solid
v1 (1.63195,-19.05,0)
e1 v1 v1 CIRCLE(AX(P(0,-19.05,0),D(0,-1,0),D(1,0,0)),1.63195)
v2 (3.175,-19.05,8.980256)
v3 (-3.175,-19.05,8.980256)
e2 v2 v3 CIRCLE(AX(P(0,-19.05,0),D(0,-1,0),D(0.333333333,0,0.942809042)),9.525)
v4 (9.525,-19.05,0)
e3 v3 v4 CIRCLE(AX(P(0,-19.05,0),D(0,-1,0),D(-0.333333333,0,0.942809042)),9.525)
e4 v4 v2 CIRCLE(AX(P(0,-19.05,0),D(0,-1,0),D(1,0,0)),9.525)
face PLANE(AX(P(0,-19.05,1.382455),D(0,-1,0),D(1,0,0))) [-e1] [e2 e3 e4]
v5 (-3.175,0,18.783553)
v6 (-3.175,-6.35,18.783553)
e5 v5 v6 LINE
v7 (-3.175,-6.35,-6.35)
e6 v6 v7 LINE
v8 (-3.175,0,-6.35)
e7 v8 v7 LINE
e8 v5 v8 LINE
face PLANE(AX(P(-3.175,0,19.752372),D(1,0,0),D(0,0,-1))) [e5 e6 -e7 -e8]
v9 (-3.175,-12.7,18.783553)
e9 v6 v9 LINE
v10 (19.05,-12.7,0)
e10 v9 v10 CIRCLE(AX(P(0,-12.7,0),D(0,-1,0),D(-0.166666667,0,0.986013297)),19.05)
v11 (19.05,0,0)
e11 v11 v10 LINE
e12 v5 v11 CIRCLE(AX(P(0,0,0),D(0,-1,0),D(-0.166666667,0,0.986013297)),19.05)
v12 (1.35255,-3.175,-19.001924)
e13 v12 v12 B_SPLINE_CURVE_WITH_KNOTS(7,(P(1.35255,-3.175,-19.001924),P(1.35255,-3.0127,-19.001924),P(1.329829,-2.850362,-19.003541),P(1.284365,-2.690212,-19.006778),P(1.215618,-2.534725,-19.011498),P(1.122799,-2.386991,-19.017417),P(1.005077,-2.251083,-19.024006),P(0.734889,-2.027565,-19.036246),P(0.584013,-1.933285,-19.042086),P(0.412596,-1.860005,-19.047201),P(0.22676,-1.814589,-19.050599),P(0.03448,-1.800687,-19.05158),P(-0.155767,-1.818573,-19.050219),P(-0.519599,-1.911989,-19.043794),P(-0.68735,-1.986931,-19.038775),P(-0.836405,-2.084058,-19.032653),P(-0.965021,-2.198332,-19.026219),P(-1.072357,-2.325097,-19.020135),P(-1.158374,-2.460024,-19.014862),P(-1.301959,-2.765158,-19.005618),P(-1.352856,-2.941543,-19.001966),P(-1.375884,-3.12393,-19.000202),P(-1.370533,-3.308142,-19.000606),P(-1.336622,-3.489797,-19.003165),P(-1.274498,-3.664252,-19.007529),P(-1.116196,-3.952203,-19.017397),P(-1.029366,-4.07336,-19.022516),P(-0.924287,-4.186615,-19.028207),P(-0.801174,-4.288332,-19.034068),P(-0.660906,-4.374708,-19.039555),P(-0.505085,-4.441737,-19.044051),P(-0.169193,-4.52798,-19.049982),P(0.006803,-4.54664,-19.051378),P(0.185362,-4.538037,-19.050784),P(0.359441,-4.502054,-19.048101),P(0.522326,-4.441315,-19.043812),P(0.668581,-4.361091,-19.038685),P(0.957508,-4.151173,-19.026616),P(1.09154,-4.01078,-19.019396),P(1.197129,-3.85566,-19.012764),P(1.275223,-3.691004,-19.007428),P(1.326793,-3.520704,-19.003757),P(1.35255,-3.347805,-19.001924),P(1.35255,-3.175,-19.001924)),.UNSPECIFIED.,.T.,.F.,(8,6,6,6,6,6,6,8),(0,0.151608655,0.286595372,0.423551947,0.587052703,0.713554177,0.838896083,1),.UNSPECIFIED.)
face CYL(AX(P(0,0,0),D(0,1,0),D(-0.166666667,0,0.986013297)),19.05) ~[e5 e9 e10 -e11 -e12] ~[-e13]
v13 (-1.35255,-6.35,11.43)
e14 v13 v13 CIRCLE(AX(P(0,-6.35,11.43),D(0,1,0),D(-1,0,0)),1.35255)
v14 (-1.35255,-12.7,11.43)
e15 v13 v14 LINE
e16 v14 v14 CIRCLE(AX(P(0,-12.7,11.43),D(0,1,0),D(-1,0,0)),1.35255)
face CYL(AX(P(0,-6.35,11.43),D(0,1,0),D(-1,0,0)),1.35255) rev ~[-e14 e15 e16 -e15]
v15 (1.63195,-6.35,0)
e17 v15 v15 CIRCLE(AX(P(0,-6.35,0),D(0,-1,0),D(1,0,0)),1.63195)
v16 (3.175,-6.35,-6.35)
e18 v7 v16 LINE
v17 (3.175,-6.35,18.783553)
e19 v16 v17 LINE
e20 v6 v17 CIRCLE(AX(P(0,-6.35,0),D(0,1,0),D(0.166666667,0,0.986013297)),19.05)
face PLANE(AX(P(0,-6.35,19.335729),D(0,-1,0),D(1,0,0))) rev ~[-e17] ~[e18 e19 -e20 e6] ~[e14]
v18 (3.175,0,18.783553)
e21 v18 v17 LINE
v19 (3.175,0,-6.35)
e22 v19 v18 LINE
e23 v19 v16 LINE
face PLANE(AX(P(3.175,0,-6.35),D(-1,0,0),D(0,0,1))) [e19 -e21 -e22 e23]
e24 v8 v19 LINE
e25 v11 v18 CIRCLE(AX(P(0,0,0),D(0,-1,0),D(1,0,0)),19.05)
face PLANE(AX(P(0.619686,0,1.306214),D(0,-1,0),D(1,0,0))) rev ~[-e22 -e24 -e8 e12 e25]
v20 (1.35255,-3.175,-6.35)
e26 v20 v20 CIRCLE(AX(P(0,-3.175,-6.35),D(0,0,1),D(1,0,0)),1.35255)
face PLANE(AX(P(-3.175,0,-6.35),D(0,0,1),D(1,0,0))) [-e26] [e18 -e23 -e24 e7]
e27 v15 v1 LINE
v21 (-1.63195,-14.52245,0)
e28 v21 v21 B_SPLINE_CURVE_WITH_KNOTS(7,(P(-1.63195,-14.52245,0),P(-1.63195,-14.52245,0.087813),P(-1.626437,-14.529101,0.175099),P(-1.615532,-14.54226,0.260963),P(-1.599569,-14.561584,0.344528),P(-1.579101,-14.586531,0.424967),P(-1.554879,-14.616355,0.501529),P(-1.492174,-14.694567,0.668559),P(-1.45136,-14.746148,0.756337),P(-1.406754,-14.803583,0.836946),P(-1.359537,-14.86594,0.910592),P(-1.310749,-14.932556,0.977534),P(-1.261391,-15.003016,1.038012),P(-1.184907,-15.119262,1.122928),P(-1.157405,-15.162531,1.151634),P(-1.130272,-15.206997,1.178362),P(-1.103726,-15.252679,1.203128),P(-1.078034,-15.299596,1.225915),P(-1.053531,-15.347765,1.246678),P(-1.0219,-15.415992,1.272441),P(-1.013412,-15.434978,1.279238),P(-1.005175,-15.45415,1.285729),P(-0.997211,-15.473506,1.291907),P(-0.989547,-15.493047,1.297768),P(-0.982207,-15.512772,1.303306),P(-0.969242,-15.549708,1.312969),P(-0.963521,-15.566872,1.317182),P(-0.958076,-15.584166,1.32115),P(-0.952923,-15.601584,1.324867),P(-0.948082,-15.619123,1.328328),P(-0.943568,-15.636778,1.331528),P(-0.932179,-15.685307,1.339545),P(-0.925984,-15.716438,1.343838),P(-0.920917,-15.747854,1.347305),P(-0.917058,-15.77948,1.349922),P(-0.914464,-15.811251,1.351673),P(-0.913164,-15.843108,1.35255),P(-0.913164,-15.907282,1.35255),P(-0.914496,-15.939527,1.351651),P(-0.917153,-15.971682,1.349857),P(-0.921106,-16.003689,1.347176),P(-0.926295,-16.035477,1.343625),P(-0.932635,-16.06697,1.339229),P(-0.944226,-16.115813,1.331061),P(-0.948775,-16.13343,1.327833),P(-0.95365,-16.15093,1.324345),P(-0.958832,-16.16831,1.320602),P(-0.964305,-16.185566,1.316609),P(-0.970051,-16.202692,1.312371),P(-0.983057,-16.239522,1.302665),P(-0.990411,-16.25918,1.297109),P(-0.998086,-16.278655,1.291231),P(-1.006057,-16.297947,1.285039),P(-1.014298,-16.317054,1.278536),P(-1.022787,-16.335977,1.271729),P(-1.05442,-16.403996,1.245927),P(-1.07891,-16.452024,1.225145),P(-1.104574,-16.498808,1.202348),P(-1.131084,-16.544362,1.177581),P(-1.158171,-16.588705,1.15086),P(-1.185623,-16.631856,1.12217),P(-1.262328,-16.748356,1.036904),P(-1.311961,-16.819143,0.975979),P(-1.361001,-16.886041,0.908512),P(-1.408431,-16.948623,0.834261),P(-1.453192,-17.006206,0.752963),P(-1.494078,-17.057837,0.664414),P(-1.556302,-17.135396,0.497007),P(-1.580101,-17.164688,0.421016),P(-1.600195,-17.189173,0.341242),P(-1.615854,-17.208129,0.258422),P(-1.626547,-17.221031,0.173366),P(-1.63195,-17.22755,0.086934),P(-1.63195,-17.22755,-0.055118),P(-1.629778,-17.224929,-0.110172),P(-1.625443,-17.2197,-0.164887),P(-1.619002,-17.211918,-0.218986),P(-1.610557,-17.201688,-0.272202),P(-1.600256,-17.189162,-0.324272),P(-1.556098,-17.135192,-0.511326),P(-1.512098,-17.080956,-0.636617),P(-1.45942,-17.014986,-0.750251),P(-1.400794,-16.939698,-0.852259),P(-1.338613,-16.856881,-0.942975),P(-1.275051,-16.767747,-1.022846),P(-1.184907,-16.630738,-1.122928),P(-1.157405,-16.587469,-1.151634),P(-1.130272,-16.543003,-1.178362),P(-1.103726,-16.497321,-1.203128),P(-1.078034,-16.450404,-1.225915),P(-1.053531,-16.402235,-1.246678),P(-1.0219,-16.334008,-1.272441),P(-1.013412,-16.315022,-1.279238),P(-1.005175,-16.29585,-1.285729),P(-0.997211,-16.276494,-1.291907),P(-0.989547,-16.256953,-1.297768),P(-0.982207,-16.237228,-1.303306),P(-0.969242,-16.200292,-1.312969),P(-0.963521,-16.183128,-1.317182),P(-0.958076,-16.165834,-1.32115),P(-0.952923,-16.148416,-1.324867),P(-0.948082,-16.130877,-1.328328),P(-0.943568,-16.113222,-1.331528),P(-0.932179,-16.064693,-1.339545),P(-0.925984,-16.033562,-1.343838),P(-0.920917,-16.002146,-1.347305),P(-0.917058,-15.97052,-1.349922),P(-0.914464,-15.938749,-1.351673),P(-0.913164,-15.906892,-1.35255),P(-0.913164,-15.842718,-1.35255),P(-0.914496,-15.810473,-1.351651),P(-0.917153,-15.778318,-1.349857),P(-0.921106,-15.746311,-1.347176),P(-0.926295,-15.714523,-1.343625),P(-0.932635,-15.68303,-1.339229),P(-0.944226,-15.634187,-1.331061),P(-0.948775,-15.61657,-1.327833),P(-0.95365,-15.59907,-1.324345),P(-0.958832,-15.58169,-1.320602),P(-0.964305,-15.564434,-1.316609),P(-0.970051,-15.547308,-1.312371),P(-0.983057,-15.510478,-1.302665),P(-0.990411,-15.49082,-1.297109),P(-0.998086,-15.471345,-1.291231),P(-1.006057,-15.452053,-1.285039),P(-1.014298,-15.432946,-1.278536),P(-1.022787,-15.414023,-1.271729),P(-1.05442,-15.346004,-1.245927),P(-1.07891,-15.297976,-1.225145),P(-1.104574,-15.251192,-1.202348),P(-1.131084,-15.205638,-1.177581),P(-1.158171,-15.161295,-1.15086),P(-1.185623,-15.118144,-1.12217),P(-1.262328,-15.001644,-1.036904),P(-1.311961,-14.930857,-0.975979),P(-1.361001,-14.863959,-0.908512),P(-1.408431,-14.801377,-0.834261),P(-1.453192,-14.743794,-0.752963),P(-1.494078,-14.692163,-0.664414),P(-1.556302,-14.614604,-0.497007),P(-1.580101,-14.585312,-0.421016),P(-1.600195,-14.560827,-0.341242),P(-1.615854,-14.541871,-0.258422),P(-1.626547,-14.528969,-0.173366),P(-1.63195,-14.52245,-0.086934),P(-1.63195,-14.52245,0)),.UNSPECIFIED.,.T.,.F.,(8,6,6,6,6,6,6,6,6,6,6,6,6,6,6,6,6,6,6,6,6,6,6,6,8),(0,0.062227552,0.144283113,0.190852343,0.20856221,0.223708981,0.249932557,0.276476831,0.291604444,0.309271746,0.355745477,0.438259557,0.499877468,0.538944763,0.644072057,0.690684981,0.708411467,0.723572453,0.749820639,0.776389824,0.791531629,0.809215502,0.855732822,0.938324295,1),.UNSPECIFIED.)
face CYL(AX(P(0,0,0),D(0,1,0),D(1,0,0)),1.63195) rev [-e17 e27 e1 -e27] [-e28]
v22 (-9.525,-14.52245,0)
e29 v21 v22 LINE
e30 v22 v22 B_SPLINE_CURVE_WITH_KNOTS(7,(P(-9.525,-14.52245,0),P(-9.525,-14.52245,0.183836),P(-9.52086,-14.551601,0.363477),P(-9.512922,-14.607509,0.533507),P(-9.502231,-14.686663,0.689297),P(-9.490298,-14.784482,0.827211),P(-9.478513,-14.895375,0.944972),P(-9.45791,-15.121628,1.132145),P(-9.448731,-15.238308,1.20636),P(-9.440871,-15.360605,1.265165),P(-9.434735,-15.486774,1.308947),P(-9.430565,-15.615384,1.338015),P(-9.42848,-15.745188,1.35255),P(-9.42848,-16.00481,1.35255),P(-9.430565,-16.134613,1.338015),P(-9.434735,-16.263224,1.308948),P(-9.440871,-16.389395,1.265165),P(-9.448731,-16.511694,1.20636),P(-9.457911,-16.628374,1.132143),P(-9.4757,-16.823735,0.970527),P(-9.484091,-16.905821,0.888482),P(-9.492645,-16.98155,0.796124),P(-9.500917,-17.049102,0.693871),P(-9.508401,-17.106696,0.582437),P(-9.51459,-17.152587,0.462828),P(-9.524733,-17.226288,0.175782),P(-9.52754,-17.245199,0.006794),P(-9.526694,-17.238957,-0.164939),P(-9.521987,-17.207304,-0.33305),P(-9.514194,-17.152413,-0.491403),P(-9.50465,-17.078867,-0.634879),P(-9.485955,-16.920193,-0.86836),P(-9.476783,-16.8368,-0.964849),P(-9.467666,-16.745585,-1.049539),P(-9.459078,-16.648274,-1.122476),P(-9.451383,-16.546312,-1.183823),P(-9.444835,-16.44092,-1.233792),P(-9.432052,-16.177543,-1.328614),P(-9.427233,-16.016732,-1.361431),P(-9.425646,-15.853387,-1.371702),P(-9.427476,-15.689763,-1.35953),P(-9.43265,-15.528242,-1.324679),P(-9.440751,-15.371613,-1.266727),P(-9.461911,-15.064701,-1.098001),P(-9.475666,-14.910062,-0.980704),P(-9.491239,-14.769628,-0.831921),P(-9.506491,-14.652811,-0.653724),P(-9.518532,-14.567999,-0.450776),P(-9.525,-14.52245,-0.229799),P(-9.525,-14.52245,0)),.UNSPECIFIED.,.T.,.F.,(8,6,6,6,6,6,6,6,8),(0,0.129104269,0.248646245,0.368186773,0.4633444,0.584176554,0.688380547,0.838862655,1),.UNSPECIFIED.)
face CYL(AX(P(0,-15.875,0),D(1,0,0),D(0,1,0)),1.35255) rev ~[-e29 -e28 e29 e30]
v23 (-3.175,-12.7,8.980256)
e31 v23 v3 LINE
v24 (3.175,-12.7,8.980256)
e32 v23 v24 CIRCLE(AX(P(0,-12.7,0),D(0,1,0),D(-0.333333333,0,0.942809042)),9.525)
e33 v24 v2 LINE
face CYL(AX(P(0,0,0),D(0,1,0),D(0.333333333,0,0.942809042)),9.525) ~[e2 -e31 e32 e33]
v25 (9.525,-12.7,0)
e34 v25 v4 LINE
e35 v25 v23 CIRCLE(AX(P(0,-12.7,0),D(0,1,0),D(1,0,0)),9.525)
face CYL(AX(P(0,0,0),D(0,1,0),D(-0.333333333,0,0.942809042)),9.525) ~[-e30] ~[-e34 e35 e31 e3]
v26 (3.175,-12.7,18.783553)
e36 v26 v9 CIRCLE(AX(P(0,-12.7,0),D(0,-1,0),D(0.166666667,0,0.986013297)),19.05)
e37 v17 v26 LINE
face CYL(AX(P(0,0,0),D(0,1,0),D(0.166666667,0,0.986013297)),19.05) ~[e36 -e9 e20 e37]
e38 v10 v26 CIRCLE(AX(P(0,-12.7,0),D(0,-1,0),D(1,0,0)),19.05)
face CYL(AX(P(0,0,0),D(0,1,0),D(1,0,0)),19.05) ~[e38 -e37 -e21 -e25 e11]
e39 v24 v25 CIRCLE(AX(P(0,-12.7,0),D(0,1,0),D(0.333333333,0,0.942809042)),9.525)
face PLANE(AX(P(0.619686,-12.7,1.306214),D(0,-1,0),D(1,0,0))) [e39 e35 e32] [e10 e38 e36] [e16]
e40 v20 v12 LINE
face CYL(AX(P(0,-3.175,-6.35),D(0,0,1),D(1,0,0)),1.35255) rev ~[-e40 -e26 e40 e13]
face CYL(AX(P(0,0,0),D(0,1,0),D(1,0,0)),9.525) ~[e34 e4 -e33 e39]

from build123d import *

# Parameters (mm, degrees)
F1_DEPTH = 12.7
F0_R     = 1.63195
F2_DEPTH = 19.05
F3_R     = 1.35255
F4_DEPTH = 25.4
F5_DEPTH = 6.35
F6_R     = 1.35255
F7_DEPTH = 25.4
F8_R     = 1.35255
F9_DEPTH = 12.701


with BuildPart() as f1:
    # F0 (on Front) → F1 (new body)
    with BuildSketch(Plane.XZ):
        with BuildLine():
            ThreePointArc((-3.175, 18.7835533113), (-12.2967221242, -14.5496778315), (19.05, 0))
            ThreePointArc((19.05, 0), (14.5496778315, 12.2967221242), (3.175, 18.7835533113))
            Line((3.175, 18.7835533113), (3.175, 8.9802561211))
            ThreePointArc((3.175, 8.9802561211), (7.7771299333, 5.499261314), (9.525, 0))
            ThreePointArc((9.525, 0), (-5.499261314, -7.7771299333), (-3.175, 8.9802561211))
            Line((-3.175, 8.9802561211), (-3.175, 18.7835533113))
        make_face()
        with BuildLine():
            Line((3.175, 8.9802561211), (3.175, 18.7835533113))
            ThreePointArc((3.175, 18.7835533113), (0, 19.05), (-3.175, 18.7835533113))
            Line((-3.175, 18.7835533113), (-3.175, 8.9802561211))
            ThreePointArc((-3.175, 8.9802561211), (0, 9.525), (3.175, 8.9802561211))
        make_face()
    extrude(amount=F1_DEPTH)

    # F0 (on Front) → F2 (join)
    with BuildSketch(Plane.XZ):
        with BuildLine():
            Line((3.175, -6.35), (3.175, 8.9802561211))
            ThreePointArc((3.175, 8.9802561211), (0, 9.525), (-3.175, 8.9802561211))
            Line((-3.175, 8.9802561211), (-3.175, -6.35))
            Line((-3.175, -6.35), (3.175, -6.35))
        make_face()
        Circle(F0_R, mode=Mode.SUBTRACT)
        with BuildLine():
            ThreePointArc((9.525, 0), (7.7771299333, 5.499261314), (3.175, 8.9802561211))
            Line((3.175, 8.9802561211), (3.175, -6.35))
            Line((3.175, -6.35), (-3.175, -6.35))
            Line((-3.175, -6.35), (-3.175, 8.9802561211))
            ThreePointArc((-3.175, 8.9802561211), (-5.499261314, -7.7771299333), (9.525, 0))
        make_face()
    extrude(amount=F2_DEPTH)

    # F3 (on Right) → F4 (cut)
    with BuildSketch(Plane.YZ):
        with Locations((-15.875, 0)):
            Circle(F3_R)
    extrude(amount=-F4_DEPTH, mode=Mode.SUBTRACT)

    # F0 (on Front) → F5 (cut)
    with BuildSketch(Plane.XZ):
        with BuildLine():
            ThreePointArc((-3.175, 18.7835533113), (0, 19.05), (3.175, 18.7835533113))
            Line((3.175, 18.7835533113), (3.175, 19.7523720562))
            Line((3.175, 19.7523720562), (-3.175, 19.7523720562))
            Line((-3.175, 19.7523720562), (-3.175, 18.7835533113))
        make_face()
        with BuildLine():
            Line((3.175, 8.9802561211), (3.175, 18.7835533113))
            ThreePointArc((3.175, 18.7835533113), (0, 19.05), (-3.175, 18.7835533113))
            Line((-3.175, 18.7835533113), (-3.175, 8.9802561211))
            ThreePointArc((-3.175, 8.9802561211), (0, 9.525), (3.175, 8.9802561211))
        make_face()
        with BuildLine():
            Line((3.175, -6.35), (3.175, 8.9802561211))
            ThreePointArc((3.175, 8.9802561211), (0, 9.525), (-3.175, 8.9802561211))
            Line((-3.175, 8.9802561211), (-3.175, -6.35))
            Line((-3.175, -6.35), (3.175, -6.35))
        make_face()
        Circle(F0_R, mode=Mode.SUBTRACT)
    extrude(amount=F5_DEPTH, mode=Mode.SUBTRACT)

    # F6 (on face) → F7 (cut)
    with BuildSketch(Plane(origin=(0, -6.35, 0), x_dir=(-1, 0, 0), z_dir=(0, 1, 0))):
        with Locations((0, 11.43)):
            Circle(F6_R)
    extrude(amount=-F7_DEPTH, mode=Mode.SUBTRACT)

    # F8 (on face) → F9 (cut, through all)
    with BuildSketch(Plane.XY.offset(-6.35)):
        with Locations((0, -3.175)):
            Circle(F8_R)
    extrude(amount=-F9_DEPTH, mode=Mode.SUBTRACT)


solid = f1.part
